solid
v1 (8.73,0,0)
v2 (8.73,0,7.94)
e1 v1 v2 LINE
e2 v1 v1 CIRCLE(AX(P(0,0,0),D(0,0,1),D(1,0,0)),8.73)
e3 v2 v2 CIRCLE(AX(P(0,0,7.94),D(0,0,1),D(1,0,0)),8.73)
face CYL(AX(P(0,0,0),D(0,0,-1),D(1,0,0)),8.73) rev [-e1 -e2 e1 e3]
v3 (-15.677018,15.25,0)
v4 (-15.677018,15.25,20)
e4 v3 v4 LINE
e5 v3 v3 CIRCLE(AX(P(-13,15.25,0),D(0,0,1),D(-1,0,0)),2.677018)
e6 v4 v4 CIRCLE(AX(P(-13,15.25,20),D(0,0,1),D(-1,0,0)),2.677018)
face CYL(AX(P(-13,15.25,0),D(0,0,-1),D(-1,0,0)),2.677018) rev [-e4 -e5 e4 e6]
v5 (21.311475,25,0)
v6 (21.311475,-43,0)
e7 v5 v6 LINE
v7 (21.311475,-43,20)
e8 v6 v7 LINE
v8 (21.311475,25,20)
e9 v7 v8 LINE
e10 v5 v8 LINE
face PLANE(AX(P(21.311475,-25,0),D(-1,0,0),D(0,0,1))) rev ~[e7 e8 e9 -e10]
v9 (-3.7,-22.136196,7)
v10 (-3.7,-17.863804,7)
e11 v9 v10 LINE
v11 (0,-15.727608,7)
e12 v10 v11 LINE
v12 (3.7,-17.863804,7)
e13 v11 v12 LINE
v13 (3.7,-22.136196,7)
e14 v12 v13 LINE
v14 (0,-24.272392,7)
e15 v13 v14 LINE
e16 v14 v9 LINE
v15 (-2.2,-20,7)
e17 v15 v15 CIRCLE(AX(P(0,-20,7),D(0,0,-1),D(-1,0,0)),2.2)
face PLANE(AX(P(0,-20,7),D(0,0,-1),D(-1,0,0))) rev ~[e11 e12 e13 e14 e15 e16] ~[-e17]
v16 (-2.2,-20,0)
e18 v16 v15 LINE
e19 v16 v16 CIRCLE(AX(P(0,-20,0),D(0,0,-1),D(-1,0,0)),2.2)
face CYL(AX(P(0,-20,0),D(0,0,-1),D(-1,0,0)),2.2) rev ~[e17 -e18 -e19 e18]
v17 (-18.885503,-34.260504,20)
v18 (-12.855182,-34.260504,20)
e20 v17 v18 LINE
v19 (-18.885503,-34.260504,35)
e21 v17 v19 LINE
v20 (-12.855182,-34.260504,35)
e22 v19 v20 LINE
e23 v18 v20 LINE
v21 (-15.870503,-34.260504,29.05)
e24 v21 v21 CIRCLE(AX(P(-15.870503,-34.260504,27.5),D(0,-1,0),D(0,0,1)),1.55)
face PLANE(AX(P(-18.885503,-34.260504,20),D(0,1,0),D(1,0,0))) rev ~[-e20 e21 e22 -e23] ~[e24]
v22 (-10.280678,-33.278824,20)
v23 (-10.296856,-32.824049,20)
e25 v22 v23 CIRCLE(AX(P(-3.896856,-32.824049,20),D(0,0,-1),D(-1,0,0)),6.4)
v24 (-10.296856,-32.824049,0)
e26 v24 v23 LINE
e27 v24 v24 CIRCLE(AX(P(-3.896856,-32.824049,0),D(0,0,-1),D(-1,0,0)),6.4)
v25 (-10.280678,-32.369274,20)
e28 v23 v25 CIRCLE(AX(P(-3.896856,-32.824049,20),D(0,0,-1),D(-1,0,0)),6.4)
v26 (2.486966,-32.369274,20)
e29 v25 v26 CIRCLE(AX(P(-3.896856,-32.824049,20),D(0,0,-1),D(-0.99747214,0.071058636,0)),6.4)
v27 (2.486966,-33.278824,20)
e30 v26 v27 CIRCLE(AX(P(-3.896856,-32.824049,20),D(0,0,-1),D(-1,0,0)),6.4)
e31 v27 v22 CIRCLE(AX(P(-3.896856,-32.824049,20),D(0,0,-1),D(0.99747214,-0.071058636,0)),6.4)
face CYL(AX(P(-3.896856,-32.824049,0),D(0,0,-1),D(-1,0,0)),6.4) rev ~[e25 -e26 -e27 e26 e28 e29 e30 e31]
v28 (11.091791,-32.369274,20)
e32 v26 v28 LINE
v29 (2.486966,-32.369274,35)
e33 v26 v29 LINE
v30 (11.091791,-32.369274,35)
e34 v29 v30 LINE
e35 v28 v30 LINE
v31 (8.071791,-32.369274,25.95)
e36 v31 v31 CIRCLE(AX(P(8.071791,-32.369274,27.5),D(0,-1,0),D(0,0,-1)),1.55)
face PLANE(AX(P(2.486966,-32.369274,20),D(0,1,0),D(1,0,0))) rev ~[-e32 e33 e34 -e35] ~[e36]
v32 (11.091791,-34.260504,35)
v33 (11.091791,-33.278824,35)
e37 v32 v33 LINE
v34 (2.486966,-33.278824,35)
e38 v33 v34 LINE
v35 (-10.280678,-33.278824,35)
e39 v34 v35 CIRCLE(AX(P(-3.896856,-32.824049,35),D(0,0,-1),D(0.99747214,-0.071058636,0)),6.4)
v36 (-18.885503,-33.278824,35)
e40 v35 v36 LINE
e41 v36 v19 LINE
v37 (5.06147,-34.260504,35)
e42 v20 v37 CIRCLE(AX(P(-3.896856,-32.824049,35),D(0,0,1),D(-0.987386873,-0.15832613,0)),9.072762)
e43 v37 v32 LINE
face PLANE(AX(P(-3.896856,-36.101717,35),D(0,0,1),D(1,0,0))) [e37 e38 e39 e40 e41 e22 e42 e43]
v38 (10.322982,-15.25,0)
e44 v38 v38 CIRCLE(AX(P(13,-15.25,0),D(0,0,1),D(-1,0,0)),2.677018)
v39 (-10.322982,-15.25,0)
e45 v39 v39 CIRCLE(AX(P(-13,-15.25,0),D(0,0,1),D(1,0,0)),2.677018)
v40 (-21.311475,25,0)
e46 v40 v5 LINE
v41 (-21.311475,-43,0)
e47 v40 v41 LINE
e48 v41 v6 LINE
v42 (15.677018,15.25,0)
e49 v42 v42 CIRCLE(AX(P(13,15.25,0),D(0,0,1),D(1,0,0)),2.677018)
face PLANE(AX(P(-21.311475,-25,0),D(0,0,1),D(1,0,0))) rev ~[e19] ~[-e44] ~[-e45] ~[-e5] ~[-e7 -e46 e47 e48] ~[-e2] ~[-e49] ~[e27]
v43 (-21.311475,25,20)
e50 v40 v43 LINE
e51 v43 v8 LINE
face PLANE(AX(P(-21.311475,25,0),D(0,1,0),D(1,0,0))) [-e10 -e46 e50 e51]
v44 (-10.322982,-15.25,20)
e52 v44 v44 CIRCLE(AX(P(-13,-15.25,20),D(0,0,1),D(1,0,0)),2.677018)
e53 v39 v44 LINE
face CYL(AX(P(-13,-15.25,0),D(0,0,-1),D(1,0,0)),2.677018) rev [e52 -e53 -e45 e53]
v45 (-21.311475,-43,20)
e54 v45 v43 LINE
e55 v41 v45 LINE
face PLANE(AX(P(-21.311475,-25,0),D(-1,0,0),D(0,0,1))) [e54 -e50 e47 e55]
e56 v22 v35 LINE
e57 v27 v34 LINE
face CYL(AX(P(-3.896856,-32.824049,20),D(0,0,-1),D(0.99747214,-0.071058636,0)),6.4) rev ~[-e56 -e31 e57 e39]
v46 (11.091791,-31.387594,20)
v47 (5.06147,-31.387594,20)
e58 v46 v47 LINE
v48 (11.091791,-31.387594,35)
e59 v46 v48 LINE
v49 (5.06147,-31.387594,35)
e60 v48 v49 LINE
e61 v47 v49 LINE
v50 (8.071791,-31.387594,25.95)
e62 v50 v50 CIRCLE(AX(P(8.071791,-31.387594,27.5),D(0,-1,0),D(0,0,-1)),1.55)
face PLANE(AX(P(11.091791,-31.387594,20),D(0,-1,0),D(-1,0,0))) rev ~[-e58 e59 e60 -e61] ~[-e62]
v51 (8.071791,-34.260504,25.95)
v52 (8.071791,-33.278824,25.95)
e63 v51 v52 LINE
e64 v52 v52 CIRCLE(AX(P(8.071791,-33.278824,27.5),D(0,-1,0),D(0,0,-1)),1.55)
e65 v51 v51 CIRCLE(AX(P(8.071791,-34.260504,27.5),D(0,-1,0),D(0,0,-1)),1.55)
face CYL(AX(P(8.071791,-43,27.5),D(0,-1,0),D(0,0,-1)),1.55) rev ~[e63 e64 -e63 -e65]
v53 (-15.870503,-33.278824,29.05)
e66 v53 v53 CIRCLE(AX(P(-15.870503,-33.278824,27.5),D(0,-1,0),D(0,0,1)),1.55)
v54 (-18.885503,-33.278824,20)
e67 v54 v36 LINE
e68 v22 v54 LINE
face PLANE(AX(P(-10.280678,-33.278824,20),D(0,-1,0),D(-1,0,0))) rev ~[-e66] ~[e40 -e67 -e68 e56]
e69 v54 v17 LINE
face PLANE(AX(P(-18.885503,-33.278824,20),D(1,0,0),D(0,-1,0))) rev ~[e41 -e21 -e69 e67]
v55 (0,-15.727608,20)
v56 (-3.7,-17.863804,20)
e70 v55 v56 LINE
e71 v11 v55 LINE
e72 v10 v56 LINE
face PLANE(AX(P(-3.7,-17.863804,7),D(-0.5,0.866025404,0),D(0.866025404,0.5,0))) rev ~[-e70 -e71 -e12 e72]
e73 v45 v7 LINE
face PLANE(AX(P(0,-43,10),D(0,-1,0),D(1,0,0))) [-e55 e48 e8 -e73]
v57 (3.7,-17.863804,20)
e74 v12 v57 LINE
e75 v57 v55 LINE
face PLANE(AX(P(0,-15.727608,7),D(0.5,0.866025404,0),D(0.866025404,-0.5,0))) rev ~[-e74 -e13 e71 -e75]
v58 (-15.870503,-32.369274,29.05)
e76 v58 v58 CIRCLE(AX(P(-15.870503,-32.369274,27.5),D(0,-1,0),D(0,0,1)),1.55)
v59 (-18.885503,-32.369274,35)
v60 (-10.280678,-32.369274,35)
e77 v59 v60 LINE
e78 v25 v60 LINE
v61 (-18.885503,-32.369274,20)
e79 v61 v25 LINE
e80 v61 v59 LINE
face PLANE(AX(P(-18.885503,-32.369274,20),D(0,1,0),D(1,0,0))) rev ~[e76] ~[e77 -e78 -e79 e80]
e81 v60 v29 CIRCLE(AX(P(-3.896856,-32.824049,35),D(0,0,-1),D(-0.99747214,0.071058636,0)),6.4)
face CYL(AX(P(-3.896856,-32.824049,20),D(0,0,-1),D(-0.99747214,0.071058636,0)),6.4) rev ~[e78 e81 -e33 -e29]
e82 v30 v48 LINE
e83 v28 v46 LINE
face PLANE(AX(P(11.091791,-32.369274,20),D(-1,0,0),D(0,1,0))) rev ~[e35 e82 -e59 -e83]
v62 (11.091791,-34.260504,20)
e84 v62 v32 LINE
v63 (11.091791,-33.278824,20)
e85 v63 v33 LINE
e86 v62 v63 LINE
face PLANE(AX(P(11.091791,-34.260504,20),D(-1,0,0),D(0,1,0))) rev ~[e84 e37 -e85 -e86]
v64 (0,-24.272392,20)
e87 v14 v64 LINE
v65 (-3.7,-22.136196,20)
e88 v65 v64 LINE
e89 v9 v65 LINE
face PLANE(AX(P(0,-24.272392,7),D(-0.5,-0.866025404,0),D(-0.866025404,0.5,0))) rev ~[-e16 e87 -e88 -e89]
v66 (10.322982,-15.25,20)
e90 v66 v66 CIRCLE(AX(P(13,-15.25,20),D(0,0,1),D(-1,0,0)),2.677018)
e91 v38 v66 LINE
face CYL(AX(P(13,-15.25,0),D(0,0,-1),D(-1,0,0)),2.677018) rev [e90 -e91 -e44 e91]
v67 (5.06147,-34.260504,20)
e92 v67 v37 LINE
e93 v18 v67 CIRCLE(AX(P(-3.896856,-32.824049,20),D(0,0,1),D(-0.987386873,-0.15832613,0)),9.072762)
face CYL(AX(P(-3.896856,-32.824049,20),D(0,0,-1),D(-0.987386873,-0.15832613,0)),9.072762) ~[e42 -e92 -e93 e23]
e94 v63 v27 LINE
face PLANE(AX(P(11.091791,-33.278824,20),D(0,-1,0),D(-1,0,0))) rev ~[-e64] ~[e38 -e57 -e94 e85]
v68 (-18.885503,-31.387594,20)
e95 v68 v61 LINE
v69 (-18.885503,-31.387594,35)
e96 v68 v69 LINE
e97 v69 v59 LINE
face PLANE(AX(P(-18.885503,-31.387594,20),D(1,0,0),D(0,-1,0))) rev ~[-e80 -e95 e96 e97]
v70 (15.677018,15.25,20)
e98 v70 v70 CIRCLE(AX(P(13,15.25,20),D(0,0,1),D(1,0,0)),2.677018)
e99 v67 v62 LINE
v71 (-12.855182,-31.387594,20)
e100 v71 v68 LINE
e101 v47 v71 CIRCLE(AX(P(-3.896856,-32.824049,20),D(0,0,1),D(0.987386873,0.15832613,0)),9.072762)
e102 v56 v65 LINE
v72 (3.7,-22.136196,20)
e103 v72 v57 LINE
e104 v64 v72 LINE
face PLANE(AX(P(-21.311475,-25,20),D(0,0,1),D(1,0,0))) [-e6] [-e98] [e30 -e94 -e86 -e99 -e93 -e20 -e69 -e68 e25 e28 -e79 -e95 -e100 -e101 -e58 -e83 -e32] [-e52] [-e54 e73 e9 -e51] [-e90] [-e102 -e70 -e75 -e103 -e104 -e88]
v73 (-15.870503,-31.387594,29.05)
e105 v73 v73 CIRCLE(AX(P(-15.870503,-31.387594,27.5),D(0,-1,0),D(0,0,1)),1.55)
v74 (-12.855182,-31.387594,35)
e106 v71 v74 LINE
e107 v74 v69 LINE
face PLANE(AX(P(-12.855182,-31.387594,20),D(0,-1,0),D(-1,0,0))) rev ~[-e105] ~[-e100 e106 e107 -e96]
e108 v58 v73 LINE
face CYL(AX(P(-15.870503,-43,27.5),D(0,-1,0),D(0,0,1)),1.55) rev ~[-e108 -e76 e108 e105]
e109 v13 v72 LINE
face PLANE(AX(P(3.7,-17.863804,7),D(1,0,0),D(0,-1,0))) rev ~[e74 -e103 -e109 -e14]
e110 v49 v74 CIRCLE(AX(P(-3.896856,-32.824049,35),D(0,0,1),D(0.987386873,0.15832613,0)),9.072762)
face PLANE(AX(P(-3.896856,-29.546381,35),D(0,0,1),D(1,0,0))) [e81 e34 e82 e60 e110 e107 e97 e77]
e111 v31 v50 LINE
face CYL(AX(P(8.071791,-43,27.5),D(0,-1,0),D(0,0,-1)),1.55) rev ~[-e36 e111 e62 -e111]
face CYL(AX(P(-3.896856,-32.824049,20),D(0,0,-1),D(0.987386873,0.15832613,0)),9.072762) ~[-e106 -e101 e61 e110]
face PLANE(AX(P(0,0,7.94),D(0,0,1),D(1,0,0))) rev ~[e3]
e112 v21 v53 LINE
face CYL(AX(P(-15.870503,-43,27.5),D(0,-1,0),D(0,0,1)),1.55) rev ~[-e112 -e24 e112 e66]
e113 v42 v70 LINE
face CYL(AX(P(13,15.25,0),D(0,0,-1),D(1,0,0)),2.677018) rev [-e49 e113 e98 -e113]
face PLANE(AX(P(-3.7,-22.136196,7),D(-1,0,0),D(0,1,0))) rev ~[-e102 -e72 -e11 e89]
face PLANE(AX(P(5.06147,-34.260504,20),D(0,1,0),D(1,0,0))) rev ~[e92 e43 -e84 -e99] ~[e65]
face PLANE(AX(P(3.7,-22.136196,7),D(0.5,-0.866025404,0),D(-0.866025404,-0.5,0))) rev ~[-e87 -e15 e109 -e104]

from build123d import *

# Parameters (mm, degrees)
SKETCH1_W           = 42.62295082
SKETCH1_H           = 50
SKETCH1_R           = 2.677018134
BOSS_EXTRUDE1_DEPTH = 20
SKETCH2_R           = 8.73
CUT_EXTRUDE2_DEPTH  = 7.94
SKETCH3_R           = 2.2
CUT_EXTRUDE3_DEPTH  = 10
CUT_EXTRUDE4_START  = -7
CUT_EXTRUDE4_DEPTH  = 32.460095998
SKETCH7_W           = 42.62295082
SKETCH7_H           = 20
BOSS_EXTRUDE2_DEPTH = 18
SKETCH6_R           = 6.4
CUT_EXTRUDE5_DEPTH  = 52.992105017
BOSS_EXTRUDE5_DEPTH = 15
SKETCH10_R          = 1.55
CUT_EXTRUDE8_DEPTH  = 80.392562524


with BuildPart() as part:
    # Sketch1 → Boss-Extrude1 (new body)
    with BuildSketch(Plane.XY):
        Rectangle(SKETCH1_W, SKETCH1_H)
        with Locations((-13, -15.25)):
            Circle(SKETCH1_R, mode=Mode.SUBTRACT)
        with Locations(Location((13, -15.25, 0), (0, 0, 180))):
            Circle(SKETCH1_R, mode=Mode.SUBTRACT)
        with Locations((13, 15.25)):
            Circle(SKETCH1_R, mode=Mode.SUBTRACT)
        with Locations(Location((-13, 15.25, 0), (0, 0, 180))):
            Circle(SKETCH1_R, mode=Mode.SUBTRACT)
    extrude(amount=BOSS_EXTRUDE1_DEPTH)

    # Sketch2 → Cut-Extrude2 (cut)
    with BuildSketch(Plane.XY):
        Circle(SKETCH2_R)
    extrude(amount=CUT_EXTRUDE2_DEPTH, mode=Mode.SUBTRACT)

    # Sketch3 → Cut-Extrude3 (cut)
    with BuildSketch(Plane(origin=(0, 0, 0), x_dir=(-1, 0, 0), z_dir=(0, 0, -1))):
        with Locations((0, -20)):
            Circle(SKETCH3_R)
    extrude(amount=-CUT_EXTRUDE3_DEPTH, mode=Mode.SUBTRACT)

    # Sketch5 → Cut-Extrude4 (cut, through all)
    with BuildSketch(Plane(origin=(0, 0, 0), x_dir=(-1, 0, 0), z_dir=(0, 0, -1)).offset(CUT_EXTRUDE4_START)):
        Polygon((0, -15.727608008), (-3.7, -17.863804004), (-3.7, -22.136195996), (0, -24.272391992), (3.7, -22.136195996), (3.7, -17.863804004), align=None)
    extrude(amount=-CUT_EXTRUDE4_DEPTH, mode=Mode.SUBTRACT)

    # Sketch7 → Boss-Extrude2 (add)
    with BuildSketch(Plane.XZ.offset(25)):
        with Locations((0, 10)):
            Rectangle(SKETCH7_W, SKETCH7_H)
    extrude(amount=BOSS_EXTRUDE2_DEPTH)

    # Sketch6 → Cut-Extrude5 (cut, through all)
    with BuildSketch(Plane(origin=(0, 0, 0), x_dir=(-1, 0, 0), z_dir=(0, 0, -1))):
        with Locations((3.896856088, -32.824049036)):
            Circle(SKETCH6_R)
    extrude(amount=-CUT_EXTRUDE5_DEPTH, mode=Mode.SUBTRACT)

    # Sketch8 → Boss-Extrude5 (add)
    with BuildSketch(Plane.XY.offset(20)):
        with BuildLine():
            ThreePointArc((-10.280677785, -32.369273769), (-3.896856088, -26.424049036), (2.486965609, -32.369273769))
            Line((2.486965609, -32.369273769), (11.091790538, -32.369273769))
            Line((11.091790538, -32.369273769), (11.091790538, -31.387593744))
            Line((11.091790538, -31.387593744), (5.061469986, -31.387593744))
            ThreePointArc((5.061469986, -31.387593744), (-3.896856088, -23.751287061), (-12.855182162, -31.387593744))
            Line((-12.855182162, -31.387593744), (-18.885502714, -31.387593744))
            Line((-18.885502714, -31.387593744), (-18.885502714, -32.369273769))
            Line((-18.885502714, -32.369273769), (-10.280677785, -32.369273769))
        make_face()
        with BuildLine():
            Line((-10.280677785, -33.278824303), (-18.885502714, -33.278824303))
            Line((-18.885502714, -33.278824303), (-18.885502714, -34.260504328))
            Line((-18.885502714, -34.260504328), (-12.855182162, -34.260504328))
            ThreePointArc((-12.855182162, -34.260504328), (-3.896856088, -41.896811011), (5.061469986, -34.260504328))
            Line((5.061469986, -34.260504328), (11.091790538, -34.260504328))
            Line((11.091790538, -34.260504328), (11.091790538, -33.278824303))
            Line((11.091790538, -33.278824303), (2.486965609, -33.278824303))
            ThreePointArc((2.486965609, -33.278824303), (-3.896856088, -39.224049036), (-10.280677785, -33.278824303))
        make_face()
    extrude(amount=BOSS_EXTRUDE5_DEPTH)

    # Sketch10 → Cut-Extrude8 (cut, through all)
    with BuildSketch(Plane.XZ.offset(43)):
        with Locations(Location((-15.870502714, 27.5, 0), (0, 0, 90))):
            Circle(SKETCH10_R)
        with Locations(Location((8.071790538, 27.5, 0), (0, 0, 270))):
            Circle(SKETCH10_R)
    extrude(amount=-CUT_EXTRUDE8_DEPTH, mode=Mode.SUBTRACT)


solid = part.part
